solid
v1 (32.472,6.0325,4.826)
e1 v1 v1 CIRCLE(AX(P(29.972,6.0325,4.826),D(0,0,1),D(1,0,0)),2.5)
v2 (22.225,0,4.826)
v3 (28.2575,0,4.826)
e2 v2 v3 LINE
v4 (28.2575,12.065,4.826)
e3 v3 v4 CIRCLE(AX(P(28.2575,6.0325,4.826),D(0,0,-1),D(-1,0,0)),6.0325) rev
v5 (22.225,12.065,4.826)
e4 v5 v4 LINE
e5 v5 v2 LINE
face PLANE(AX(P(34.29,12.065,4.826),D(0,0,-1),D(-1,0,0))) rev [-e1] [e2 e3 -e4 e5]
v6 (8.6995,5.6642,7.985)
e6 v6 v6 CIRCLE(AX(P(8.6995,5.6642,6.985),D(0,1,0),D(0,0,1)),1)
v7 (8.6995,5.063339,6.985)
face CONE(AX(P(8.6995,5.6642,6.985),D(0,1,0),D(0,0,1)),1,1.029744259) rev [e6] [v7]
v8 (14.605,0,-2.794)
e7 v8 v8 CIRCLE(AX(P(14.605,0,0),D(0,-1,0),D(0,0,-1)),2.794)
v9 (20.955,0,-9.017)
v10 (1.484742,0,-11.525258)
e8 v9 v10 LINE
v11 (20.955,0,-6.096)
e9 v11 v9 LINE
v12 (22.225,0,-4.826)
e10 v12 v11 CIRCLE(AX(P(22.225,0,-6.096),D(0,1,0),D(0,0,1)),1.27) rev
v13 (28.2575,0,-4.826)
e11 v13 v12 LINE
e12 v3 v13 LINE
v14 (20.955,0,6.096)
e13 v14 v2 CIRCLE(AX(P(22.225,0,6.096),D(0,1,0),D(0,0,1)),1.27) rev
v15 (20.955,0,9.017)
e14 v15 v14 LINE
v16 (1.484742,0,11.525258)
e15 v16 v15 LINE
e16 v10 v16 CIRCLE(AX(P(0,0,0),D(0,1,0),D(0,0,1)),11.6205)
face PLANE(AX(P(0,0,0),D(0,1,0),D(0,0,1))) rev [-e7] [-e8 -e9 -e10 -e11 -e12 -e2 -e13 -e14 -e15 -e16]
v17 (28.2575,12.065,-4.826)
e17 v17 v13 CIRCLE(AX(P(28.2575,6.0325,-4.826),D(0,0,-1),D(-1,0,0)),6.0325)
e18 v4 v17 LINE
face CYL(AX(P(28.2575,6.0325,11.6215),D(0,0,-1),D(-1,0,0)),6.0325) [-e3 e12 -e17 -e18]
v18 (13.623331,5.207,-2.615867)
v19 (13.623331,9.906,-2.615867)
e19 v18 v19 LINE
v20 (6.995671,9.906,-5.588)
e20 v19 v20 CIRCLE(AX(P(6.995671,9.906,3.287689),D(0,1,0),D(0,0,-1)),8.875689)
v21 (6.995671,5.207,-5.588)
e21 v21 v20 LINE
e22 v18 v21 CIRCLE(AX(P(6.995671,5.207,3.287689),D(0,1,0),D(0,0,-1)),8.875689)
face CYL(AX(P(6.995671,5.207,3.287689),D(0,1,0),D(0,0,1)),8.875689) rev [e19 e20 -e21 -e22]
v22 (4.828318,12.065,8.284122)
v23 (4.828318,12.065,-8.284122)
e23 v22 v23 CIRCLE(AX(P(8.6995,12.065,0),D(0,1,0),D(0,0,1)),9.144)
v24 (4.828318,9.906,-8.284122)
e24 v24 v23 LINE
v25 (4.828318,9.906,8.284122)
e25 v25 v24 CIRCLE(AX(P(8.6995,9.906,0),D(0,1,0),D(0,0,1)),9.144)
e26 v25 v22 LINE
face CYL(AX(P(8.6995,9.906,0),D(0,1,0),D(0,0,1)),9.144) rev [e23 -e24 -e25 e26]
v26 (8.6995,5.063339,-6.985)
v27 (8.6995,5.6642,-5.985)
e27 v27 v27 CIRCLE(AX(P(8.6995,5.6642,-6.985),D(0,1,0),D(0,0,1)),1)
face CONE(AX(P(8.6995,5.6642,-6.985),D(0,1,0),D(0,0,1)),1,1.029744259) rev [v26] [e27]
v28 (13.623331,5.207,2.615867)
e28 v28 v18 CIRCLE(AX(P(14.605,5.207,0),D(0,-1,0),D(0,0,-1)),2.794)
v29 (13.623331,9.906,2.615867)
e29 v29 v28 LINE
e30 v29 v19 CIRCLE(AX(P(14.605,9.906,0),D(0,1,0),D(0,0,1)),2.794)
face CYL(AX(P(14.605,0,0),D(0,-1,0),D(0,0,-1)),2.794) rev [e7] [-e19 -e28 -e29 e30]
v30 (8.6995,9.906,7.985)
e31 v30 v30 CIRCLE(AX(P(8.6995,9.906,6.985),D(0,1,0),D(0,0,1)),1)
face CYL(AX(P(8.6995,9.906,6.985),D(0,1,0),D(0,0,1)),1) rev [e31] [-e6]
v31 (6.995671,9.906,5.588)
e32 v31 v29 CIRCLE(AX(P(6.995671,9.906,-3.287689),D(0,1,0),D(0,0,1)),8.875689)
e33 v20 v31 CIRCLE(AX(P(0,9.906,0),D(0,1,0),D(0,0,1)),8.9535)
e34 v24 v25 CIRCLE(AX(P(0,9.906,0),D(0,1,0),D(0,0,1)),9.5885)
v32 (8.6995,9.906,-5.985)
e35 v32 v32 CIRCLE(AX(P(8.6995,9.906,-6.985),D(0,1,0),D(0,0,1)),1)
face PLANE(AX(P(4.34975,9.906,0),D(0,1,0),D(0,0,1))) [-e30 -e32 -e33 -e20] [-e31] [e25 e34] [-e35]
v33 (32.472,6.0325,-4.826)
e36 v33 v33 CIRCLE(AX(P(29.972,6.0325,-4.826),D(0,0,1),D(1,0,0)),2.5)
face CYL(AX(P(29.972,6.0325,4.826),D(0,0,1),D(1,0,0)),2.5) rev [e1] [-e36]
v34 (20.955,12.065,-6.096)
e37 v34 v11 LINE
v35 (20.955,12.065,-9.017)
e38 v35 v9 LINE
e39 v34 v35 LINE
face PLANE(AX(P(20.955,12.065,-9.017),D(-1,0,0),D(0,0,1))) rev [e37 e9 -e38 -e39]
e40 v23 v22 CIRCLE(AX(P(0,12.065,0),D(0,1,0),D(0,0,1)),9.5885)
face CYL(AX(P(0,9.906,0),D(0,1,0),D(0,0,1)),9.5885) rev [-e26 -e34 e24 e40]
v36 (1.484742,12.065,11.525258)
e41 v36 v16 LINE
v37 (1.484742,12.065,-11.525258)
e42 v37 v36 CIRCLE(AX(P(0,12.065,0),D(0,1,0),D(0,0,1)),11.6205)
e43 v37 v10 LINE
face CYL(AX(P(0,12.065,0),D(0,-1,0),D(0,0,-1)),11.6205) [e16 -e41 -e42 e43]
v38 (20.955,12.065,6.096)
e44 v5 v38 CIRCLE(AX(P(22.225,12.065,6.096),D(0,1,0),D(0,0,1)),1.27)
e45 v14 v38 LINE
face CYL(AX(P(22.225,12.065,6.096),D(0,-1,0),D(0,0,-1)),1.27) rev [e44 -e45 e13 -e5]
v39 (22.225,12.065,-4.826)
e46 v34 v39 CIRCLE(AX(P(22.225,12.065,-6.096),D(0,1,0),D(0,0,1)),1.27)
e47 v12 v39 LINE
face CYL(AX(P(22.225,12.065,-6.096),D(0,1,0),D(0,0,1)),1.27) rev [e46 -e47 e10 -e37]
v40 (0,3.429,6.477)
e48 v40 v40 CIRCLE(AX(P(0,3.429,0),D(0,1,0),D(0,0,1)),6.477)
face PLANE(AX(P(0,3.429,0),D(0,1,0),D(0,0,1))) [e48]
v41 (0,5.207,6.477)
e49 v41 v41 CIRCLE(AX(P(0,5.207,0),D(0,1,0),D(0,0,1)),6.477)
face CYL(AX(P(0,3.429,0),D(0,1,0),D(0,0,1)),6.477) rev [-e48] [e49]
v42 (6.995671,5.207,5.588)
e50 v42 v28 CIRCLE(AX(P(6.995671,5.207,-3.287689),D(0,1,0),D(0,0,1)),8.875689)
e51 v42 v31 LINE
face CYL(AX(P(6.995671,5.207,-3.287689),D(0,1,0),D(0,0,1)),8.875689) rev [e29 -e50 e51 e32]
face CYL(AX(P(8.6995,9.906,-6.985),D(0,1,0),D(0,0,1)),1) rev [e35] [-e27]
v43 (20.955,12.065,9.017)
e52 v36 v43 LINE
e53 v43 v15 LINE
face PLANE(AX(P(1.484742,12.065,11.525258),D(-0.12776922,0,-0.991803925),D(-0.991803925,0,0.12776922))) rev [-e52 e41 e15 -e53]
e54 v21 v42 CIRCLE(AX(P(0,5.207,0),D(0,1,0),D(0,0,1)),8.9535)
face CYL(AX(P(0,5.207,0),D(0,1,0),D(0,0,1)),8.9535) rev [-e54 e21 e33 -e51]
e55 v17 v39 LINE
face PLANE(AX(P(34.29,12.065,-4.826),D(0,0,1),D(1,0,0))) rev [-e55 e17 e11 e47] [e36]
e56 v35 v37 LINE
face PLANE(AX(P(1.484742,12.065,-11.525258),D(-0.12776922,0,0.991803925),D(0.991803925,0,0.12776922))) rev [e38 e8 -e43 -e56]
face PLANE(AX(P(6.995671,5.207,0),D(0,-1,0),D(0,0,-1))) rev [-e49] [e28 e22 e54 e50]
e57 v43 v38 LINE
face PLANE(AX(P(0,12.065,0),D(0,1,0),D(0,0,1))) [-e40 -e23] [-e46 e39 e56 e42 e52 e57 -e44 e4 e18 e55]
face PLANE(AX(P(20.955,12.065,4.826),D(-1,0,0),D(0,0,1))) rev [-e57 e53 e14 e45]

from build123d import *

# Parameters (mm, degrees)
BOSS_EXTRUDE1_DEPTH        = 12.065
FILLET2_R                  = 1.27
FILLET3_R                  = 1.27
CUT_EXTRUDE1_REACH         = 41.898
F_5_0_5_DIAMETER_HOLE1_D   = 5
CUT_EXTRUDE2_DEPTH         = 2.159
CUT_EXTRUDE3_DEPTH         = 4.699
F_97_0_22_DIAMETER_HOLE1_D = 5.588
SKETCH12_R                 = 6.477
CUT_EXTRUDE4_DEPTH         = 1.778
M2X0_4_TAPPED_HOLE1_D      = 2
M2X0_4_TAPPED_HOLE1_DEPTH  = 4.2418
M2X0_4_TAPPED_HOLE1_TIP    = 0.600860619


with BuildPart() as part:
    # Sketch1 → Boss-Extrude1 (new body)
    with BuildSketch(Plane(origin=(0, 0, 0), x_dir=(1, 0, 0), z_dir=(0, 1, 0))):
        with BuildLine():
            Line((20.955, 9.017), (20.955, 4.826))
            Line((20.955, 4.826), (34.29, 4.826))
            Line((34.29, 4.826), (34.29, -4.826))
            Line((34.29, -4.826), (20.955, -4.826))
            Line((20.955, -4.826), (20.955, -9.017))
            Line((20.955, -9.017), (1.484742221, -11.525257515))
            ThreePointArc((1.484742221, -11.525257515), (-11.6205, 0), (1.484742221, 11.525257515))
            Line((1.484742221, 11.525257515), (20.955, 9.017))
        make_face()
    extrude(amount=BOSS_EXTRUDE1_DEPTH)

    # Fillet2
    fillet2_edges = [part.edges().sort_by_distance(p)[0] for p in [
        (20.955, 6.0325, 4.826),
    ]]
    fillet(fillet2_edges, radius=FILLET2_R)

    # Fillet3
    fillet3_edges = [part.edges().sort_by_distance(p)[0] for p in [
        (20.955, 6.0325, -4.826),
    ]]
    fillet(fillet3_edges, radius=FILLET3_R)

    # Sketch3 → Cut-Extrude1 (cut, up to next)
    with BuildSketch(Plane(origin=(0, 0, -4.826), x_dir=(-1, 0, 0), z_dir=(0, 0, -1)), mode=Mode.PRIVATE) as cut_extrude1_sk1:
        with BuildLine():
            ThreePointArc((-34.29, 6.0325), (-32.523121658, 10.298121658), (-28.2575, 12.065))
            Line((-28.2575, 12.065), (-34.29, 12.065))
            Line((-34.29, 12.065), (-34.29, 6.0325))
        make_face()
    cut_extrude1_tool1 = extrude(cut_extrude1_sk1.sketch, amount=-CUT_EXTRUDE1_REACH, mode=Mode.PRIVATE) & part.part
    # Sketch3 → Cut-Extrude1 (cut, up to next)
    with BuildSketch(Plane(origin=(0, 0, -4.826), x_dir=(-1, 0, 0), z_dir=(0, 0, -1)), mode=Mode.PRIVATE) as cut_extrude1_sk2:
        with BuildLine():
            ThreePointArc((-28.2575, 0), (-32.523121658, 1.766878342), (-34.29, 6.0325))
            Line((-34.29, 6.0325), (-34.29, 0))
            Line((-34.29, 0), (-28.2575, 0))
        make_face()
    cut_extrude1_tool2 = extrude(cut_extrude1_sk2.sketch, amount=-CUT_EXTRUDE1_REACH, mode=Mode.PRIVATE) & part.part
    add(cut_extrude1_tool1.solids().sort_by_distance((32.942533, 10.717533, -4.826))[0], mode=Mode.SUBTRACT)
    add(cut_extrude1_tool2.solids().sort_by_distance((32.942533, 1.347467, -4.826))[0], mode=Mode.SUBTRACT)

    # Ø5.0 (5) Diameter Hole1 (through all)
    with Locations(Plane.XY.offset(4.826)):
        with Locations((29.972, 6.0325)):
            Hole(F_5_0_5_DIAMETER_HOLE1_D / 2)

    # Sketch8 → Cut-Extrude2 (cut)
    with BuildSketch(Plane(origin=(0, 12.065, 0), x_dir=(1, 0, 0), z_dir=(0, 1, 0))):
        with BuildLine():
            ThreePointArc((4.828317518, 8.284122295), (-9.5885, 0), (4.828317518, -8.284122295))
            ThreePointArc((4.828317518, -8.284122295), (17.8435, 0), (4.828317518, 8.284122295))
        make_face()
    extrude(amount=-CUT_EXTRUDE2_DEPTH, mode=Mode.SUBTRACT)

    # Sketch9 → Cut-Extrude3 (cut)
    with BuildSketch(Plane(origin=(0, 9.906, 0), x_dir=(1, 0, 0), z_dir=(0, 1, 0))):
        with BuildLine():
            ThreePointArc((6.995671394, 5.588), (-8.9535, 0), (6.995671394, -5.588))
            ThreePointArc((6.995671394, -5.588), (11.975498152, -4.059363478), (15.24, 0))
            ThreePointArc((15.24, 0), (11.975498152, 4.059363478), (6.995671394, 5.588))
        make_face()
    extrude(amount=-CUT_EXTRUDE3_DEPTH, mode=Mode.SUBTRACT)

    # #97 (0.22) Diameter Hole1 (through all)
    with Locations(Plane(origin=(0, 0, 0), x_dir=(-1, 0, 0), z_dir=(0, -1, 0))):
        with Locations((-14.605, 0)):
            Hole(F_97_0_22_DIAMETER_HOLE1_D / 2)

    # Sketch12 → Cut-Extrude4 (cut)
    with BuildSketch(Plane(origin=(0, 5.207, 0), x_dir=(1, 0, 0), z_dir=(0, 1, 0))):
        with Locations(Location((0, 0, 0), (0, 0, 270))):
            Circle(SKETCH12_R)
    extrude(amount=-CUT_EXTRUDE4_DEPTH, mode=Mode.SUBTRACT)

    # M2x0.4 Tapped Hole1
    with Locations(Plane(origin=(0, 9.906, 0), x_dir=(1, 0, 0), z_dir=(0, 1, 0))):
        with Locations((8.6995, 6.985), (8.6995, -6.985)):
            Hole(M2X0_4_TAPPED_HOLE1_D / 2, depth=M2X0_4_TAPPED_HOLE1_DEPTH)
            with Locations((0, 0, -(M2X0_4_TAPPED_HOLE1_DEPTH + M2X0_4_TAPPED_HOLE1_TIP / 2))):  # 118° drill point
                Cone(0, M2X0_4_TAPPED_HOLE1_D / 2, M2X0_4_TAPPED_HOLE1_TIP, mode=Mode.SUBTRACT)


solid = part.part
